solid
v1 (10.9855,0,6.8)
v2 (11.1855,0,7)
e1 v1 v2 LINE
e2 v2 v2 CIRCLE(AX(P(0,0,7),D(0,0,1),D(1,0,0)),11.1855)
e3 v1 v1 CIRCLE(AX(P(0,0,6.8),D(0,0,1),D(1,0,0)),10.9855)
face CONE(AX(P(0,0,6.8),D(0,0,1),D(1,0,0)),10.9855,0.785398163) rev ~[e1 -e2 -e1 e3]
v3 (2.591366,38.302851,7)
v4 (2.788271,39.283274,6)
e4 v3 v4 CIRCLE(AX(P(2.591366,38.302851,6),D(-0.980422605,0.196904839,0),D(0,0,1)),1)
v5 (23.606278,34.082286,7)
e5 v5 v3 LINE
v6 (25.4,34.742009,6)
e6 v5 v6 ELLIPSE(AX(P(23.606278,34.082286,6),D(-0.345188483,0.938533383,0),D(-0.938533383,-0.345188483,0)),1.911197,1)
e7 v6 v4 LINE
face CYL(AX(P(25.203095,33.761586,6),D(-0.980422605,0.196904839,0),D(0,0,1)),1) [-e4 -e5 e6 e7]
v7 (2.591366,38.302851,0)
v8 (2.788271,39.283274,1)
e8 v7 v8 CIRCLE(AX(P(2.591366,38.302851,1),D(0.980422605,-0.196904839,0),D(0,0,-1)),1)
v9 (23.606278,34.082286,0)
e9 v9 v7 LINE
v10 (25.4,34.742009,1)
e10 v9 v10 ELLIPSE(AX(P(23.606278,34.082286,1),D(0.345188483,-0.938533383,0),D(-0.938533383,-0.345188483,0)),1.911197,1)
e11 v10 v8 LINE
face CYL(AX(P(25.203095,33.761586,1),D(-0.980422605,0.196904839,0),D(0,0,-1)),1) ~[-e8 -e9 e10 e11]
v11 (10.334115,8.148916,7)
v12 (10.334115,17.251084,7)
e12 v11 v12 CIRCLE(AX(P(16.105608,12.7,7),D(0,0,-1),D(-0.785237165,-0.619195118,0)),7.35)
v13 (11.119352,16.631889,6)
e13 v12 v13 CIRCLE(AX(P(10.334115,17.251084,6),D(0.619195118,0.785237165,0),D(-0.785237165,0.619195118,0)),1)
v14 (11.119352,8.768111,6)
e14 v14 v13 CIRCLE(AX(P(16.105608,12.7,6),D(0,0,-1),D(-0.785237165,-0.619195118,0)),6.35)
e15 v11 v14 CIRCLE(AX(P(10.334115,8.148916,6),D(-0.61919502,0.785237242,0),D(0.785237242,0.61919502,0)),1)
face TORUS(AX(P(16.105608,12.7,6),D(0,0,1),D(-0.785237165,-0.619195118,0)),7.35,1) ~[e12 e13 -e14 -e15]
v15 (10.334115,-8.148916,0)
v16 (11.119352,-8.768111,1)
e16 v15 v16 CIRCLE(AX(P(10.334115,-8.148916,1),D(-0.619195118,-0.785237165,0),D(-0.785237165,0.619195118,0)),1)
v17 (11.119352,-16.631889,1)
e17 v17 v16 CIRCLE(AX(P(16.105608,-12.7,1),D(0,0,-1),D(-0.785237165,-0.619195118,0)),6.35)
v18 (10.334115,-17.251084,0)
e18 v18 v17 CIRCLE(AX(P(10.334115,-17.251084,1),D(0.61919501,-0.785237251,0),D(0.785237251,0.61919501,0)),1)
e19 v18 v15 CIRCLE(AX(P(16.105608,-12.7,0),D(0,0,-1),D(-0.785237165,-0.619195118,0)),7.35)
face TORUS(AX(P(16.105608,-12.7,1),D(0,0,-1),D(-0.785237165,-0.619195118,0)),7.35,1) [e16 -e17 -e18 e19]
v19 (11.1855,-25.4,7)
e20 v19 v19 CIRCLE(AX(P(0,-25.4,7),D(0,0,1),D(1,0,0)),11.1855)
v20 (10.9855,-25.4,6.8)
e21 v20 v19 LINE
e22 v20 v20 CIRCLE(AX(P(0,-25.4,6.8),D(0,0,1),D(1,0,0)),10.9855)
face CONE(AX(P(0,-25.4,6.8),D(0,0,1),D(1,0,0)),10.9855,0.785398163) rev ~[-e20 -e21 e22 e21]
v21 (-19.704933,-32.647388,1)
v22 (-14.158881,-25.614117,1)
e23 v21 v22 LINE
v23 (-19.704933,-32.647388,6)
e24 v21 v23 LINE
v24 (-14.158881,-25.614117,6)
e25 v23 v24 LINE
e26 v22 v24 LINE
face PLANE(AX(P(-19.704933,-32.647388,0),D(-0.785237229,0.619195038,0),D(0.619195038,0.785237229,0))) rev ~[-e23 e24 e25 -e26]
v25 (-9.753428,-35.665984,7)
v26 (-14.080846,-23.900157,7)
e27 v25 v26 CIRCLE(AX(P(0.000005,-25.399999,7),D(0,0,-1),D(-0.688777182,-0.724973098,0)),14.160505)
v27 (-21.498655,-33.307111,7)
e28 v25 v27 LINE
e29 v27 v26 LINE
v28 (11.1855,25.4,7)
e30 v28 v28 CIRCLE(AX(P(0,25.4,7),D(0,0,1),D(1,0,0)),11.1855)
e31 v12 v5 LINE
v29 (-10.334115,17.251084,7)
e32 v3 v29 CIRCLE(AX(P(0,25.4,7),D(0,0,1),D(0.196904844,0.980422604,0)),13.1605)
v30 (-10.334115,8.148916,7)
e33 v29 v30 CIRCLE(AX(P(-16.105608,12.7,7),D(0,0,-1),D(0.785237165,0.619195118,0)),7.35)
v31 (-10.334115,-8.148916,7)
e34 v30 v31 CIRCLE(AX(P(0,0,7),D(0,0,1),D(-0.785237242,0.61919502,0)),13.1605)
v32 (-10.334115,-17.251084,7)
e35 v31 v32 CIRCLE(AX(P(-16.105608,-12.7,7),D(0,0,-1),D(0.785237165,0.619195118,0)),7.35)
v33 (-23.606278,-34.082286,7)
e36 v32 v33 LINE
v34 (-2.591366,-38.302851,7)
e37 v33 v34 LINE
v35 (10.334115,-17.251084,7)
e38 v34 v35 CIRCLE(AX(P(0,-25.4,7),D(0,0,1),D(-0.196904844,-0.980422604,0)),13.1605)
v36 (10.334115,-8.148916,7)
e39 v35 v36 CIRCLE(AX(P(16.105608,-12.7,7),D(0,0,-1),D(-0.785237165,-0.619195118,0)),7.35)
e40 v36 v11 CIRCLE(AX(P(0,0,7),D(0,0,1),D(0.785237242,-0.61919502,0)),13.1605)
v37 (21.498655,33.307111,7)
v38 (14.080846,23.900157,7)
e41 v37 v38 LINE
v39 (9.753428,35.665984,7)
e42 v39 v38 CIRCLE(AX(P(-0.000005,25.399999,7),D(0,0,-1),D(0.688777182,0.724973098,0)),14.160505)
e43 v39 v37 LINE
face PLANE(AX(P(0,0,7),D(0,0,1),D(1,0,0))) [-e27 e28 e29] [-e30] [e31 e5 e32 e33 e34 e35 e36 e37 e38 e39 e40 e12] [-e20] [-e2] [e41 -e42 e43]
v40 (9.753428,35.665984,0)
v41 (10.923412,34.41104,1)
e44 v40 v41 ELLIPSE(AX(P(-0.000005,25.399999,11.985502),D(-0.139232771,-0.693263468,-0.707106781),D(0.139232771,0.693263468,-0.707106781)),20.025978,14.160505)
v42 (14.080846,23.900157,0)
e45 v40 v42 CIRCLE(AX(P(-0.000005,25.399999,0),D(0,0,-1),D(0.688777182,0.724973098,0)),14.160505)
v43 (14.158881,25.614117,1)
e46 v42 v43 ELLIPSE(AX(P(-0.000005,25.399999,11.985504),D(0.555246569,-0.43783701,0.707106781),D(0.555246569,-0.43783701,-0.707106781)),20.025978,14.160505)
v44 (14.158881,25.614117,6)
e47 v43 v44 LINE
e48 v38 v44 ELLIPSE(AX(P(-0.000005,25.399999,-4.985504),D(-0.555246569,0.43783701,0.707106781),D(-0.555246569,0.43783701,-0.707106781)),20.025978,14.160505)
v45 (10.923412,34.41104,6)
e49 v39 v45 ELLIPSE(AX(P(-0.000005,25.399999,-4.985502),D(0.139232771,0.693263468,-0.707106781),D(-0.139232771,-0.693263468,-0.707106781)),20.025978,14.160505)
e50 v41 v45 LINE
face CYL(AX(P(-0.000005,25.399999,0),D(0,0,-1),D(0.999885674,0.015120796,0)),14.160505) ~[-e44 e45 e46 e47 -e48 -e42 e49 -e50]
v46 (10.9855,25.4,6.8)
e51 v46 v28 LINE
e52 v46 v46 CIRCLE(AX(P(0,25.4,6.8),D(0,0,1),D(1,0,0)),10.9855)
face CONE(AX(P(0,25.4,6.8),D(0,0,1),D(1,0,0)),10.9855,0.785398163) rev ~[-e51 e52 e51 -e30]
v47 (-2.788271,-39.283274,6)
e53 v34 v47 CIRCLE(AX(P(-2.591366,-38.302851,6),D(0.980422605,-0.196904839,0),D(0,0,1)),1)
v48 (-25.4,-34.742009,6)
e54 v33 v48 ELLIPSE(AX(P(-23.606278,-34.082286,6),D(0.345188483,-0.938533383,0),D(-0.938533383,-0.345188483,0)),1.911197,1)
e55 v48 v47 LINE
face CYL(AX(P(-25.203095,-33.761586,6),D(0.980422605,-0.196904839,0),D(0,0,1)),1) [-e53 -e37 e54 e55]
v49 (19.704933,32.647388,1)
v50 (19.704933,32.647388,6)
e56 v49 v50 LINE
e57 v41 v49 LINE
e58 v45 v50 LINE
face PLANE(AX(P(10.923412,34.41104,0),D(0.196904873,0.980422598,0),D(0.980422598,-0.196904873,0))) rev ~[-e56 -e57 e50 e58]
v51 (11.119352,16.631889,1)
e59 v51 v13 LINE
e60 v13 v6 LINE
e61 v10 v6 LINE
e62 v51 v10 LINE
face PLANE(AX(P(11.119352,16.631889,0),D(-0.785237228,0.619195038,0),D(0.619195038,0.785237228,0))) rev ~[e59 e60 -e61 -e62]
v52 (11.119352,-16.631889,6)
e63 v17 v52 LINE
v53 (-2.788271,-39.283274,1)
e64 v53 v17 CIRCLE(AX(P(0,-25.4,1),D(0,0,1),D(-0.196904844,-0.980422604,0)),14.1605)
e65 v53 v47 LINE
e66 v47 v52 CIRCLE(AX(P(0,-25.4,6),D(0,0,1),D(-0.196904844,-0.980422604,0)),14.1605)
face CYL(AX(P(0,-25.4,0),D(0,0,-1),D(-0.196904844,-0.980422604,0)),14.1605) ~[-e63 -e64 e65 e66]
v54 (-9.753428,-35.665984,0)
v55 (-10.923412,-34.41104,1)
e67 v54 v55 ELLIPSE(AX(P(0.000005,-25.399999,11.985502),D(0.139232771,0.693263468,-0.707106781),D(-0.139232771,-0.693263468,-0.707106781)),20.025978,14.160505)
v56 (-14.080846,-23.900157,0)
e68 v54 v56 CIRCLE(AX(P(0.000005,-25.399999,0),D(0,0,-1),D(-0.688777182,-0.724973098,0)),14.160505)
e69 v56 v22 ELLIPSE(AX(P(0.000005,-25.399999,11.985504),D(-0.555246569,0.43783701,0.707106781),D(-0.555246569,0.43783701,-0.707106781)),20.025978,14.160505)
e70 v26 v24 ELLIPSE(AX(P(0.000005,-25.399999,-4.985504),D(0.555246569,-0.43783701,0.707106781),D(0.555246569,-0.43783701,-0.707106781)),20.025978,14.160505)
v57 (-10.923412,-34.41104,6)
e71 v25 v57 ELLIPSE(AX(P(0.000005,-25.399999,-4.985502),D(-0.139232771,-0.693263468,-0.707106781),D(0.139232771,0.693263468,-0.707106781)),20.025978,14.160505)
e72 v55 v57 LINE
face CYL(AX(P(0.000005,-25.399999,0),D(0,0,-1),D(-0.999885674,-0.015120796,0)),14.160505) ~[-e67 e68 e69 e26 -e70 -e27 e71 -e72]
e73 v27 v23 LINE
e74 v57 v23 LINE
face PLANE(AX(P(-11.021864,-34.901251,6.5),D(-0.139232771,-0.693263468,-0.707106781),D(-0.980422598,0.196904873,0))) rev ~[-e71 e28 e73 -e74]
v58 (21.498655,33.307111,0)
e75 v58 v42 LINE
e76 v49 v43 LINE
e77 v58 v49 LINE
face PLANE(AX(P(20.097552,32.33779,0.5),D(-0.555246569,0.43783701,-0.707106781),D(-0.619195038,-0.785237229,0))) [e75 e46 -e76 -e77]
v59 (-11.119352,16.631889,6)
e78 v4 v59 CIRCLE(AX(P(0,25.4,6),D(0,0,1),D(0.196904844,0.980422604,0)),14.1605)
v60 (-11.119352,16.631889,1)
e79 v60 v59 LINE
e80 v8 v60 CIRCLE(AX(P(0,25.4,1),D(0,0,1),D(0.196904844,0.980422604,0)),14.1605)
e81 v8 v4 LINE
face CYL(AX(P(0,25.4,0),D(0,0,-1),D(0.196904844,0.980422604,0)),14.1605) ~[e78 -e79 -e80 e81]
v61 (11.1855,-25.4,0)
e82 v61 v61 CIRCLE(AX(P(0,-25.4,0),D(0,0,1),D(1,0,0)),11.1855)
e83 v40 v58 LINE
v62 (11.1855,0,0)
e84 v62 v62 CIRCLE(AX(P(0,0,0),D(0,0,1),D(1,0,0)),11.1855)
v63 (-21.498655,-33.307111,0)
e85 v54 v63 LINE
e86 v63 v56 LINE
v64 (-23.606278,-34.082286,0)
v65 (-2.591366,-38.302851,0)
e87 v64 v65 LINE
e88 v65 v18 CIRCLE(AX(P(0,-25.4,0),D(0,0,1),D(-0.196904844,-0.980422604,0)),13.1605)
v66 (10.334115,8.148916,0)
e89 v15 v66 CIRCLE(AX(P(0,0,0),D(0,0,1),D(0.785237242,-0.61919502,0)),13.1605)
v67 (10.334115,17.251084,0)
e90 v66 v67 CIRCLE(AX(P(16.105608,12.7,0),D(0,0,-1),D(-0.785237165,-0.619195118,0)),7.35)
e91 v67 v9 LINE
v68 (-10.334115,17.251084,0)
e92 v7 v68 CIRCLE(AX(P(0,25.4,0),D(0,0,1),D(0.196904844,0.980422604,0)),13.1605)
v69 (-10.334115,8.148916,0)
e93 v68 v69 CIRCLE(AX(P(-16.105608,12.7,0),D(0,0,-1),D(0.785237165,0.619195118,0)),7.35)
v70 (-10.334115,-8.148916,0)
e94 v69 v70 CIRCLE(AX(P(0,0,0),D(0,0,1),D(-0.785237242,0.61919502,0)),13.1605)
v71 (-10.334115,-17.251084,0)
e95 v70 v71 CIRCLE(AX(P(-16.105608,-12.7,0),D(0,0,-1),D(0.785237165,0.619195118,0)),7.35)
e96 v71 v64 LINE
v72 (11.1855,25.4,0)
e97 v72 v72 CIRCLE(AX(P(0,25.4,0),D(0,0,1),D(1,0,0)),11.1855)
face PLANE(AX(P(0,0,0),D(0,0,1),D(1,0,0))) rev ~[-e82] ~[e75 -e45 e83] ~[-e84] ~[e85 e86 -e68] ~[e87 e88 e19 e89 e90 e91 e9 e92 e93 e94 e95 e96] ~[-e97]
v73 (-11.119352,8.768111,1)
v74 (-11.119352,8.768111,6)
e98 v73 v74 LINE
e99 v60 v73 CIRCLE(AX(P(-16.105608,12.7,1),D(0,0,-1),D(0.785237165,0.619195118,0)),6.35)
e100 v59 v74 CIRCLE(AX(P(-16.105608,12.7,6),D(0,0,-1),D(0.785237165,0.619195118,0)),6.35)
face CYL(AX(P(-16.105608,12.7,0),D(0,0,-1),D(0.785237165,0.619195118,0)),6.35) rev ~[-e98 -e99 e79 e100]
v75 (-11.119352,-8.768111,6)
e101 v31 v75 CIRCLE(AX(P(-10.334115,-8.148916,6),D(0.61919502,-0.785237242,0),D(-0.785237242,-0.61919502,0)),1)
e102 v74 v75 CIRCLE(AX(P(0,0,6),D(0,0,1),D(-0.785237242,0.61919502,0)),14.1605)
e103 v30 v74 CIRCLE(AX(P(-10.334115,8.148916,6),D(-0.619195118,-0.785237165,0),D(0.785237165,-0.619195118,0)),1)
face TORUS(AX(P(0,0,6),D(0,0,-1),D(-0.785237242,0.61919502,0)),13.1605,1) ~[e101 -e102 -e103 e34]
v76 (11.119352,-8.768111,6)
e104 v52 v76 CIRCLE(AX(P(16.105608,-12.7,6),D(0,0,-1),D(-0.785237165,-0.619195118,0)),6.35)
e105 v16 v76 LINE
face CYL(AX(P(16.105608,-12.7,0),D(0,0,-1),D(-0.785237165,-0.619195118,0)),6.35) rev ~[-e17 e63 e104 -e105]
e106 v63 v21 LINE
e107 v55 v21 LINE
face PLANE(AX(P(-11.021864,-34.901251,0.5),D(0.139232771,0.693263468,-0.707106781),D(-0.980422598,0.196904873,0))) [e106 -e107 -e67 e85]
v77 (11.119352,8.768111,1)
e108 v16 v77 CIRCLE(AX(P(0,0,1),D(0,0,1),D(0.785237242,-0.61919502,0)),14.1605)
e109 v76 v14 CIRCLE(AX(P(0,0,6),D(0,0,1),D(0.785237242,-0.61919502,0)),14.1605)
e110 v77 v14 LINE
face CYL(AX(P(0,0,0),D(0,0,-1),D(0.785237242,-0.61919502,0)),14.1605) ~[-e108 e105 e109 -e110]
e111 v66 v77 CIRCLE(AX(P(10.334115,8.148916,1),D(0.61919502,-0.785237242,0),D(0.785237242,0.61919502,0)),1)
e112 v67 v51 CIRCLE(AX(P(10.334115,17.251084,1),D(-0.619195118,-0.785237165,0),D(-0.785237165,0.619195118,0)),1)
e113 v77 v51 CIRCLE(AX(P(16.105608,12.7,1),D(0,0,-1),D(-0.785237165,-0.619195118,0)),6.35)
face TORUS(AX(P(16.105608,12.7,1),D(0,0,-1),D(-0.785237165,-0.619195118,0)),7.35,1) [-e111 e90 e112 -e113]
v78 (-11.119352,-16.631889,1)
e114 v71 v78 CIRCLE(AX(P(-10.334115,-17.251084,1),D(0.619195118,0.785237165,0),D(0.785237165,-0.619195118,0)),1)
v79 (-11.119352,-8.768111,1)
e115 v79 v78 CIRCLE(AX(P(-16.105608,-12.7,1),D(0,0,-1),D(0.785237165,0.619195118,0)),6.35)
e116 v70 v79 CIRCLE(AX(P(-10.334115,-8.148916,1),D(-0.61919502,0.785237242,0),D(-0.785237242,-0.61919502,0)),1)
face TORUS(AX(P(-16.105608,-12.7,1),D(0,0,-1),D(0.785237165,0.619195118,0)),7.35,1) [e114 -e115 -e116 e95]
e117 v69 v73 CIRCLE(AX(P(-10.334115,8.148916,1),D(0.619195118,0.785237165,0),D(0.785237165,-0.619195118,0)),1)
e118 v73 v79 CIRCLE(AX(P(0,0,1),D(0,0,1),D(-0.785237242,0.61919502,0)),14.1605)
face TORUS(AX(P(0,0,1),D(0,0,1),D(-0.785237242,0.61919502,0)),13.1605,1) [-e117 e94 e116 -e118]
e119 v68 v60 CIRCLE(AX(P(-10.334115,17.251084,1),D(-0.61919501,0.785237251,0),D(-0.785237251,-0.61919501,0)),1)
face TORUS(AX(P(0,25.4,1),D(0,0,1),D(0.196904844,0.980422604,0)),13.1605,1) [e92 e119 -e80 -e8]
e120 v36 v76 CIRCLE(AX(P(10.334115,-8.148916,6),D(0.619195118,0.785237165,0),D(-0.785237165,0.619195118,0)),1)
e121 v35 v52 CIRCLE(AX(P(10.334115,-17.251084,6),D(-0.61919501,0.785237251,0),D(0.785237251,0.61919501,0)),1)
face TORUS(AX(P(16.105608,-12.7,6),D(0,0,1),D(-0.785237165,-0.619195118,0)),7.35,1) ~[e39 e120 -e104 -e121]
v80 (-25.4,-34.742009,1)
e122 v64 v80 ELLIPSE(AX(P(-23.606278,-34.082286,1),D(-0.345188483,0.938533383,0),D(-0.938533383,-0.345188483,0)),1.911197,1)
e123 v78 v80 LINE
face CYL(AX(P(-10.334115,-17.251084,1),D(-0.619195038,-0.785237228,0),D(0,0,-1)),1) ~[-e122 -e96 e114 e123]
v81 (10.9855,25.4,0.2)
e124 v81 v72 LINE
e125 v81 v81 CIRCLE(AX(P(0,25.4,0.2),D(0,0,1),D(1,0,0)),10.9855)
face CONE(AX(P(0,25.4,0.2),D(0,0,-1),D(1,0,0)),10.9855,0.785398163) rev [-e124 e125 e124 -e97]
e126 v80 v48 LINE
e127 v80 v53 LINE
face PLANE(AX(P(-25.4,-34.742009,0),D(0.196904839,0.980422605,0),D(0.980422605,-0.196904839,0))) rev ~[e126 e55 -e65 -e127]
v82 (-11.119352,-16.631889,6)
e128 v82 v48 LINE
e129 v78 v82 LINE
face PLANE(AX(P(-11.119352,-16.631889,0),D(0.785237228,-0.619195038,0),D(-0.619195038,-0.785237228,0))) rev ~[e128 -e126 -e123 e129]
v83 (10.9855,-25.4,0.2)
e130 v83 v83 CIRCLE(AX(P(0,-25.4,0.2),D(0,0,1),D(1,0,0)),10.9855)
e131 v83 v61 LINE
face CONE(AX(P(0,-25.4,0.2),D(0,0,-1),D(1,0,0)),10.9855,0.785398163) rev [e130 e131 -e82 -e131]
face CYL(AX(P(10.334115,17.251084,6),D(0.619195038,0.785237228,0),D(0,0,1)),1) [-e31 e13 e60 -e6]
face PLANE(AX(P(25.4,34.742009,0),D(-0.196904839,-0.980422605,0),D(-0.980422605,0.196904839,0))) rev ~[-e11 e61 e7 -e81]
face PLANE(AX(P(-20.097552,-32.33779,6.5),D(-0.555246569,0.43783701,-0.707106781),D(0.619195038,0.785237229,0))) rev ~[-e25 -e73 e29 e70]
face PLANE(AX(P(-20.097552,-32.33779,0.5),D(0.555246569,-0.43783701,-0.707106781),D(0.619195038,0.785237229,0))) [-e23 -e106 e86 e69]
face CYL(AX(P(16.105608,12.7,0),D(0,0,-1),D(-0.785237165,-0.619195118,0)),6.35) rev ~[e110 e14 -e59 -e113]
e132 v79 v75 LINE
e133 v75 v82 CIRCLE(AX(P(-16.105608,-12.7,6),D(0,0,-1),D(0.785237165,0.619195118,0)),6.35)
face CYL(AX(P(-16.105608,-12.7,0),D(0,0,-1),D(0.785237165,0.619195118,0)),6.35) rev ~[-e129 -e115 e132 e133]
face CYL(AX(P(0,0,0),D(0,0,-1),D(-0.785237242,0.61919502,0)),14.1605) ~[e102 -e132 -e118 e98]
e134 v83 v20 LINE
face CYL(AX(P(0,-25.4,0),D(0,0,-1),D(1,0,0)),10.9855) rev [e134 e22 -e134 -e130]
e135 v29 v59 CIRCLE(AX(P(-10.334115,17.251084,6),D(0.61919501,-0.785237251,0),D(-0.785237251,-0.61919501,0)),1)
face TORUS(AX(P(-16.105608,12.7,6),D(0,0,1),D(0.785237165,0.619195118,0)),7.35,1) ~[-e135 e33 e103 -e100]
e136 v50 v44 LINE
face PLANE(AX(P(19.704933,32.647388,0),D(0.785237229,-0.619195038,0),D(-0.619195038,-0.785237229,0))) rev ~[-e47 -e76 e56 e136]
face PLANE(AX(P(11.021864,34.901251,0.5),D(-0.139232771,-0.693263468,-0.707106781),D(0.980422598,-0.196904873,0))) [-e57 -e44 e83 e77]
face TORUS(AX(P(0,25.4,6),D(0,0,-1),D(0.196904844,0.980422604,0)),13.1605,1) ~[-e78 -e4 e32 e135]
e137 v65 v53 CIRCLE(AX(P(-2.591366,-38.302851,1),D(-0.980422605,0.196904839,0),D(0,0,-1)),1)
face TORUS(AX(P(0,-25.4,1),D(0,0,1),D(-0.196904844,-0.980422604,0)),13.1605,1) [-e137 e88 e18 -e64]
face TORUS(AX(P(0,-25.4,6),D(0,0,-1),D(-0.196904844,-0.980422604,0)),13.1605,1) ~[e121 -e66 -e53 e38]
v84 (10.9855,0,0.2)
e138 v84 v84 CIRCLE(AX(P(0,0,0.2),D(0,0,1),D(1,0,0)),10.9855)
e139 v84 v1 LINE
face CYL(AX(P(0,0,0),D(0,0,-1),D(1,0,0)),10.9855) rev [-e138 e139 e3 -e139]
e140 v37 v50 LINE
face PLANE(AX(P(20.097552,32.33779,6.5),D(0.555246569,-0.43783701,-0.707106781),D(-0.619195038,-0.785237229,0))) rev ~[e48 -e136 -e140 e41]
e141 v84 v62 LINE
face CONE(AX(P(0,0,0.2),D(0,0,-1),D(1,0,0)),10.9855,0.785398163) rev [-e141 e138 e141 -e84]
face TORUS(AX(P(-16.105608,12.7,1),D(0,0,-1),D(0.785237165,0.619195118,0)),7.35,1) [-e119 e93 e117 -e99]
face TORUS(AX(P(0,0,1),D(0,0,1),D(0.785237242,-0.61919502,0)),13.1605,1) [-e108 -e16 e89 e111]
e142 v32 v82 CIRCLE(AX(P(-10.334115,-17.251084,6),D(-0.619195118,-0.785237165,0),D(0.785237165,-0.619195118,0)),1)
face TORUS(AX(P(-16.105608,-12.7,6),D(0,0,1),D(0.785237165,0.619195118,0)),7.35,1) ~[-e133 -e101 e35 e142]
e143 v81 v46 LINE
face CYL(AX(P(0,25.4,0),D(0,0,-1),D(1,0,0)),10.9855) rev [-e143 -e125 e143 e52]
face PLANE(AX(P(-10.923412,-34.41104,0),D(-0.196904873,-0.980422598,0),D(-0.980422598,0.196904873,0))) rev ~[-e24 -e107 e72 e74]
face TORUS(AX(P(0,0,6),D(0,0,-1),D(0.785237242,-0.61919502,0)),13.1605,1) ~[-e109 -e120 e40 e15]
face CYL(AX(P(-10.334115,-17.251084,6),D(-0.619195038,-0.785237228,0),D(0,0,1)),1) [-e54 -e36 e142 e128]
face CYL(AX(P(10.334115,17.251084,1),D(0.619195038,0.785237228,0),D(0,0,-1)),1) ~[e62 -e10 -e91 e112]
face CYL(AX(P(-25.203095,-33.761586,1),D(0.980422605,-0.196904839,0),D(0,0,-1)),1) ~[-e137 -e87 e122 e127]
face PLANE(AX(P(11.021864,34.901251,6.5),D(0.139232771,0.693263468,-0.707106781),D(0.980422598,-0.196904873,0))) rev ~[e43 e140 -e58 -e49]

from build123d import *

# Parameters (mm, degrees)
F0_R     = 10.9855
F1_DEPTH = 7
F2_SIZE  = 0.2
F3_SIZE  = 1
F4_R     = 1


with BuildPart() as f1:
    # F0 (on Top) → F1 (new body)
    with BuildSketch(Plane.XY):
        with BuildLine():
            ThreePointArc((-11.119352, 16.631889), (-9.755608, 12.7), (-11.119352, 8.768111))
            ThreePointArc((-11.119352, 8.768111), (-14.1605, 0), (-11.119352, -8.768111))
            ThreePointArc((-11.119352, -8.768111), (-9.755608, -12.7), (-11.119352, -16.631889))
            Line((-11.119352, -16.631889), (-25.4, -34.742009))
            Line((-25.4, -34.742009), (-2.788271, -39.283274))
            ThreePointArc((-2.788271, -39.283274), (12.067437, -32.809232), (11.119352, -16.631889))
            ThreePointArc((11.119352, -16.631889), (9.755608, -12.7), (11.119352, -8.768111))
            ThreePointArc((11.119352, -8.768111), (14.1605, 0), (11.119352, 8.768111))
            ThreePointArc((11.119352, 8.768111), (9.755608, 12.7), (11.119352, 16.631889))
            Line((11.119352, 16.631889), (25.4, 34.742009))
            Line((25.4, 34.742009), (2.788271, 39.283274))
            ThreePointArc((2.788271, 39.283274), (-12.067437, 32.809232), (-11.119352, 16.631889))
        make_face()
        with BuildLine():
            Line((-19.704933, -32.647388), (-14.158881, -25.614117))
            ThreePointArc((-14.158881, -25.614117), (-13.290102, -30.288041), (-10.923412, -34.41104))
            Line((-10.923412, -34.41104), (-19.704933, -32.647388))
        make_face(mode=Mode.SUBTRACT)
        with Locations((0, -25.4)):
            Circle(F0_R, mode=Mode.SUBTRACT)
        Circle(F0_R, mode=Mode.SUBTRACT)
        with Locations((0, 25.4)):
            Circle(F0_R, mode=Mode.SUBTRACT)
        with BuildLine():
            Line((19.704933, 32.647388), (14.158881, 25.614117))
            ThreePointArc((14.158881, 25.614117), (13.290102, 30.288041), (10.923412, 34.41104))
            Line((10.923412, 34.41104), (19.704933, 32.647388))
        make_face(mode=Mode.SUBTRACT)
    extrude(amount=F1_DEPTH)

    # F2
    f2_edges = [f1.edges().sort_by_distance(p)[0] for p in [
        (-10.9855, 25.4, 7),
        (-10.9855, 0, 7),
        (-10.9855, -25.4, 7),
        (-10.9855, 25.4, 0),
        (-10.9855, 0, 0),
        (-10.9855, -25.4, 0),
    ]]
    chamfer(f2_edges, length=F2_SIZE)

    # F3
    f3_edges = [f1.edges().sort_by_distance(p)[0] for p in [
        (15.314172, 33.529214, 7),
        (16.931907, 29.130753, 7),
        (15.314172, 33.529214, 0),
        (16.931907, 29.130753, 0),
        (-16.931907, -29.130753, 7),
        (-15.314172, -33.529214, 7),
        (-16.931907, -29.130753, 0),
        (-15.314172, -33.529214, 0),
    ]]
    chamfer(f3_edges, length=F3_SIZE)

    # F4
    f4_edges = [f1.edges().sort_by_distance(p)[0] for p in [
        (-14.1605, 0, 0),
        (12.067437, -32.809232, 0),
        (-12.067437, 32.809232, 7),
        (18.259676, 25.686949, 7),
    ]]
    fillet(f4_edges, radius=F4_R)


solid = f1.part
